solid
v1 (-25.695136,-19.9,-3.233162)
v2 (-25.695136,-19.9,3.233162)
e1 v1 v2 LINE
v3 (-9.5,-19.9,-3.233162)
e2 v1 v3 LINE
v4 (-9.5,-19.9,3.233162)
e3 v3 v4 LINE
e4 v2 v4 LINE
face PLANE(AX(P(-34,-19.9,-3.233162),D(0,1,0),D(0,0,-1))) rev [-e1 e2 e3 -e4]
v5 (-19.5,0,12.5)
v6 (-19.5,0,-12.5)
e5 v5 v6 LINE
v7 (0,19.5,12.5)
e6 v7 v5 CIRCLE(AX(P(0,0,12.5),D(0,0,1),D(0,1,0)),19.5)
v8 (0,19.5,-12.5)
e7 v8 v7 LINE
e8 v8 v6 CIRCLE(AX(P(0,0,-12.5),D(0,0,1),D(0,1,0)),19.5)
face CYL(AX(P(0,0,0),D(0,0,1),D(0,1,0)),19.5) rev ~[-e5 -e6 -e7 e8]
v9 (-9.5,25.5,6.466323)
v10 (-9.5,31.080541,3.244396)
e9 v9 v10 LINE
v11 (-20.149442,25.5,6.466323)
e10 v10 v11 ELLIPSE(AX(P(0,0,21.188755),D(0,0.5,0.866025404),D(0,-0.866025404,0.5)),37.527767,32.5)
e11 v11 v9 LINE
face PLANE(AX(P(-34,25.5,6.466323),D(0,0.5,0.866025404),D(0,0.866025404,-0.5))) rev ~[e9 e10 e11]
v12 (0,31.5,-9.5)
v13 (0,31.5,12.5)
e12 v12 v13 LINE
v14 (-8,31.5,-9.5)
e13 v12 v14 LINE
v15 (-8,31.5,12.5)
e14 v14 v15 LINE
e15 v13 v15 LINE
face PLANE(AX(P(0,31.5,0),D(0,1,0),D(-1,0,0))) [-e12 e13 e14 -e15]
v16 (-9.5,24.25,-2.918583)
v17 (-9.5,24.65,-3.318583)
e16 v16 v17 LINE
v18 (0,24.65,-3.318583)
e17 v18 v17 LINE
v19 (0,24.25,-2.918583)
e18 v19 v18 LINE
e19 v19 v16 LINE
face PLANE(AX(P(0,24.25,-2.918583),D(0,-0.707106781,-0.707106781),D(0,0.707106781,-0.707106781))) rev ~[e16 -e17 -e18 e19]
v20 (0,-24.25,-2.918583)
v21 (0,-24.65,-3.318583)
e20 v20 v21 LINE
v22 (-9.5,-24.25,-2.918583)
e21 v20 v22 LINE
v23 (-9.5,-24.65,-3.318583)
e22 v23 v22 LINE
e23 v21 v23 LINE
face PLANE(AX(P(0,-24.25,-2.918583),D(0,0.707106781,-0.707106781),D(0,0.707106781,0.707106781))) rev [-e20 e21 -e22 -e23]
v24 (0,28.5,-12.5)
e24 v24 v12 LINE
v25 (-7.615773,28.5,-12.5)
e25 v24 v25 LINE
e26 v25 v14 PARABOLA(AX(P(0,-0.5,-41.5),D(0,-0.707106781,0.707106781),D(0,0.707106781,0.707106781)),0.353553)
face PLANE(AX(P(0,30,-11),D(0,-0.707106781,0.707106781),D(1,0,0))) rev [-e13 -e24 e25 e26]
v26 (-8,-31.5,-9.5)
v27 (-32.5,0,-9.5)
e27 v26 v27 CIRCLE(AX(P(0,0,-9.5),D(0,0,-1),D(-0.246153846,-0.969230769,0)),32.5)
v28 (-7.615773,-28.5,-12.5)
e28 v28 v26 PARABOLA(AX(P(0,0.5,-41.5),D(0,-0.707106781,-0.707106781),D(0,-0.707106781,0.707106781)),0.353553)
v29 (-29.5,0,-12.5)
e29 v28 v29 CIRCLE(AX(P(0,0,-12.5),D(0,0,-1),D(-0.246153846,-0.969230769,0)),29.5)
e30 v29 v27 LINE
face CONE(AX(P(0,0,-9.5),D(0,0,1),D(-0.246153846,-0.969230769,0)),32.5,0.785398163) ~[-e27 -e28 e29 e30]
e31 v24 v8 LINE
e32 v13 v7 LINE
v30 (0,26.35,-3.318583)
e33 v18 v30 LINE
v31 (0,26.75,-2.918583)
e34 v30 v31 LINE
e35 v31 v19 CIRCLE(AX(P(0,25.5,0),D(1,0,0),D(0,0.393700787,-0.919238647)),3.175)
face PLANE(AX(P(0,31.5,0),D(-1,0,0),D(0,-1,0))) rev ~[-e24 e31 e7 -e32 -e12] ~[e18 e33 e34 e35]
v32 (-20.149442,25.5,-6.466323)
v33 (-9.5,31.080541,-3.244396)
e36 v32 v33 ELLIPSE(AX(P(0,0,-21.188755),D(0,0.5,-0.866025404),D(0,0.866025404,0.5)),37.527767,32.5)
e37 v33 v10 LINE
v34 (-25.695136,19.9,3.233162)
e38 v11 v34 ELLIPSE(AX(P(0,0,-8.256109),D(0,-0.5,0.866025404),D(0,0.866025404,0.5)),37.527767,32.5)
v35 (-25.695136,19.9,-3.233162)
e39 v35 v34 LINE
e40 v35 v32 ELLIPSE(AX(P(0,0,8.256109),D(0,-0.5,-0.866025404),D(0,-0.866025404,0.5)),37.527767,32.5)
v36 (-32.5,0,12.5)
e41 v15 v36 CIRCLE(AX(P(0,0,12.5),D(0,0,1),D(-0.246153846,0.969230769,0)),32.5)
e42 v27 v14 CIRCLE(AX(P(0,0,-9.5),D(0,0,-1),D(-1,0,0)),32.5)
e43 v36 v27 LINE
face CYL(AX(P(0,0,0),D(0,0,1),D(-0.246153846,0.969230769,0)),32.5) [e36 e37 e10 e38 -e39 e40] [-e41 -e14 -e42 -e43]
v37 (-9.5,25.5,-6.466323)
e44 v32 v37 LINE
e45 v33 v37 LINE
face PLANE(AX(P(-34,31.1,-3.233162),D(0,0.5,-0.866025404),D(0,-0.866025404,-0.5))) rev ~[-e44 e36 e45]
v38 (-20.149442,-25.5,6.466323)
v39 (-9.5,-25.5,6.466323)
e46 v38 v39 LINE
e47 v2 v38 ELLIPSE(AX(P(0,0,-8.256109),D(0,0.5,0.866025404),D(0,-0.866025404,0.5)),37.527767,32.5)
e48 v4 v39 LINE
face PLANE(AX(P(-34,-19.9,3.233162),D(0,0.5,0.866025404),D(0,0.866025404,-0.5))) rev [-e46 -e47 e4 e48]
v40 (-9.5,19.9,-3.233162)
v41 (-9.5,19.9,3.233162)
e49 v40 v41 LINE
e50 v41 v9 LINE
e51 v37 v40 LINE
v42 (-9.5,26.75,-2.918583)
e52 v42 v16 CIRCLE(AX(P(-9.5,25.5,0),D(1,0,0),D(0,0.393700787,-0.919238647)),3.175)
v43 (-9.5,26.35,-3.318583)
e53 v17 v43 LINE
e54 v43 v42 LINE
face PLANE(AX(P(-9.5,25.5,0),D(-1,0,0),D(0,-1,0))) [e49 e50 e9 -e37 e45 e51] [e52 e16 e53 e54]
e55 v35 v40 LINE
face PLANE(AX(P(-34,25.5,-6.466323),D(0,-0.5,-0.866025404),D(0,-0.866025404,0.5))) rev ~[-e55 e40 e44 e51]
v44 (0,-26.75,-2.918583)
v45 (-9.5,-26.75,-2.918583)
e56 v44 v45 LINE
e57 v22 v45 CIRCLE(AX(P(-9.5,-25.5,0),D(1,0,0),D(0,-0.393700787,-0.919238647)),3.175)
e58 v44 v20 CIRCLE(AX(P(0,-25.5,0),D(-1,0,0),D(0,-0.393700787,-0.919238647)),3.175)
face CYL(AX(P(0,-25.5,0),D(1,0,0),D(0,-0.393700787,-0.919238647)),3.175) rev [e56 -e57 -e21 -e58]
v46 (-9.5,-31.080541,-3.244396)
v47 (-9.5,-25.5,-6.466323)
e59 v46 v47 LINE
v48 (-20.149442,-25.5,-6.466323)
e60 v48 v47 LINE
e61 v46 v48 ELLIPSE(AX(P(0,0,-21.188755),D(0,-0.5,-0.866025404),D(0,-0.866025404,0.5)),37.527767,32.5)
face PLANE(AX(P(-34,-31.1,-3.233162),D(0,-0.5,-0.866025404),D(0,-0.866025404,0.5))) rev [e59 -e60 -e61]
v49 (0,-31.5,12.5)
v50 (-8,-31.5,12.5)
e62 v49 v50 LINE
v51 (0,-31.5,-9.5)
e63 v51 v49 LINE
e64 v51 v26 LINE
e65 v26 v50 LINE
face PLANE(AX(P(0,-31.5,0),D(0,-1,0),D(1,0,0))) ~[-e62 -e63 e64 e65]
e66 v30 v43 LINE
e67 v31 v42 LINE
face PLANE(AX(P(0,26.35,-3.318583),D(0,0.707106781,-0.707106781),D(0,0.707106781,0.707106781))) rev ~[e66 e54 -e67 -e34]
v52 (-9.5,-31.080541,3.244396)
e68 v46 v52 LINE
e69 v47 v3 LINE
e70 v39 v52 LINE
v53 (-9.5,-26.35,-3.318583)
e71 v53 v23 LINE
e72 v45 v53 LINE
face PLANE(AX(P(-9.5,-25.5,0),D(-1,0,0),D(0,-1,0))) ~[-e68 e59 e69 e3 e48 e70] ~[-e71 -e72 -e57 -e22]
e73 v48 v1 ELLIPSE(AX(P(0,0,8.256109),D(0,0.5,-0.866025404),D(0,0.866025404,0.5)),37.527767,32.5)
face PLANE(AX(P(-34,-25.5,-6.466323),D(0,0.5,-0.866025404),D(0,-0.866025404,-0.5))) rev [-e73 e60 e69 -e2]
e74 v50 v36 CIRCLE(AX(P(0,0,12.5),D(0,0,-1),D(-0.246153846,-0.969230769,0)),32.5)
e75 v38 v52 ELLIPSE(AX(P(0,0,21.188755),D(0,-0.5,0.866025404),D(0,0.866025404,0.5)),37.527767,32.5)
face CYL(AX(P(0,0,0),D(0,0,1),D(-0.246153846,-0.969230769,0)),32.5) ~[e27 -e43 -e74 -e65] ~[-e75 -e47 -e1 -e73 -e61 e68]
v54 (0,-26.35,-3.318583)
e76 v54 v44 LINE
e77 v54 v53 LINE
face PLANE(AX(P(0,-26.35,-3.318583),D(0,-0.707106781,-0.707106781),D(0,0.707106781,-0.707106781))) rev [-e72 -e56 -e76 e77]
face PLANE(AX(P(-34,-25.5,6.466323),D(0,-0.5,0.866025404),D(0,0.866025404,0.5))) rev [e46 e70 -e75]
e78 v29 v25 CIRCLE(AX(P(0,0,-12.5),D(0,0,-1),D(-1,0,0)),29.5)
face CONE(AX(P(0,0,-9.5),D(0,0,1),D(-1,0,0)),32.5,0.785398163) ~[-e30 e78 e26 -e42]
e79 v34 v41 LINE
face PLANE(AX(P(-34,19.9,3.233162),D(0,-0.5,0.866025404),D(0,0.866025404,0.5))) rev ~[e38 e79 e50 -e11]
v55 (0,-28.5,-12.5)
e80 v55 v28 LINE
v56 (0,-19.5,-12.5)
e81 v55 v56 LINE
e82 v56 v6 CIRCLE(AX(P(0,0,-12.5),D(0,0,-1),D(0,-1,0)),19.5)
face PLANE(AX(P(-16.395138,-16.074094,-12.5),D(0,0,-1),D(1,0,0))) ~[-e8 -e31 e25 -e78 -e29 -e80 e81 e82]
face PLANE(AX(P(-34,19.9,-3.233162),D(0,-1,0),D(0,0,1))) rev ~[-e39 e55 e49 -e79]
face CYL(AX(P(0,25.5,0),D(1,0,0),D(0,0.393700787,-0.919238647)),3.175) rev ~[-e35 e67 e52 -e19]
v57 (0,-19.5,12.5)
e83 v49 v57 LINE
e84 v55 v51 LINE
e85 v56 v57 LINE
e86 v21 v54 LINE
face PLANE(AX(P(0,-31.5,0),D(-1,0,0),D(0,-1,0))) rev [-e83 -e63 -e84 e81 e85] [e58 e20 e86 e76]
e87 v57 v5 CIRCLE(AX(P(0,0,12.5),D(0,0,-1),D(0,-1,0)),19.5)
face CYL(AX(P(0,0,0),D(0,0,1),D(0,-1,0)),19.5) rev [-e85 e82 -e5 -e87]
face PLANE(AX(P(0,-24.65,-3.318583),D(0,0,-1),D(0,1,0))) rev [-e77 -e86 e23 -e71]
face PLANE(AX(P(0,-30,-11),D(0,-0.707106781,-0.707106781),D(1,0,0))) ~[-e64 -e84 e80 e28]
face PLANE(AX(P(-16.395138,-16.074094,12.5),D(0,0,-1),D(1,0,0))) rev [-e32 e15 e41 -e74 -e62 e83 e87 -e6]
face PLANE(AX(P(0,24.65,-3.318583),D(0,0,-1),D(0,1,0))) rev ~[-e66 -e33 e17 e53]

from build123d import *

# Parameters (mm, degrees)
PAD003_DEPTH    = 12.5
POCKET006_DEPTH = 182.8372896975
POCKET007_DEPTH = 24.5
CHAMFER002_SIZE = 3


with BuildPart() as part:
    # Sketch011 → Pad003 (new body, symmetric)
    with BuildSketch(Plane.XY):
        with BuildLine():
            ThreePointArc((0, 19.5), (-13.7885822331, 13.7885822331), (-19.5, 0))
            Line((-32.5, 0), (-19.5, 0))
            ThreePointArc((-8, 31.5), (-25.6539470647, 19.9530699392), (-32.5, 0))
            Line((0, 31.5), (-8, 31.5))
            Line((0, 31.5), (0, 19.5))
        make_face()
    pad003 = extrude(amount=PAD003_DEPTH, both=True)

    # Mirrored004: Pad003 across Sketch011 H_Axis
    add(pad003.mirror(Plane.ZX))

    # Sketch012 (on Face1 of Mirrored004) → Pocket006 (cut, through all)
    with BuildSketch(Plane.YZ):
        with BuildLine():
            ThreePointArc((26.75, -2.918582704), (25.5, 3.175), (24.25, -2.918582704))
            Line((24.25, -2.918582704), (24.65, -3.318582704))
            Line((24.65, -3.318582704), (26.35, -3.318582704))
            Line((26.35, -3.318582704), (26.75, -2.918582704))
        make_face()
    pocket006 = extrude(amount=-POCKET006_DEPTH, mode=Mode.SUBTRACT)

    # Mirrored005: Pocket006 across Sketch012 V_Axis
    add(pocket006.mirror(Plane(origin=(0, 0, 0), x_dir=(1, 0, 0), z_dir=(0, 1, 0))), mode=Mode.SUBTRACT)

    # Sketch013 (on DatumPlane) → Pocket007 (cut)
    with BuildSketch(Plane(origin=(-34, 0, 0), x_dir=(0, -1, 0), z_dir=(-1, 0, 0))):
        Polygon((-19.9, 3.2331615075), (-25.5, 6.4663230149), (-31.1, 3.2331615075), (-31.1, -3.2331615075), (-25.5, -6.4663230149), (-19.9, -3.2331615075), align=None)
    pocket007 = extrude(amount=-POCKET007_DEPTH, mode=Mode.SUBTRACT)

    # Mirrored006: Pocket007 across Sketch013 V_Axis
    add(pocket007.mirror(Plane(origin=(-34, 0, 0), x_dir=(-1, 0, 0), z_dir=(0, -1, 0))), mode=Mode.SUBTRACT)

    # Chamfer002
    chamfer002_edges = [part.edges().sort_by_distance(p)[0] for p in [
        (-4, -31.5, -12.5),
        (-25.653947, -19.95307, -12.5),
        (-25.653947, 19.95307, -12.5),
        (-4, 31.5, -12.5),
    ]]
    chamfer(chamfer002_edges, length=CHAMFER002_SIZE)


solid = part.part
